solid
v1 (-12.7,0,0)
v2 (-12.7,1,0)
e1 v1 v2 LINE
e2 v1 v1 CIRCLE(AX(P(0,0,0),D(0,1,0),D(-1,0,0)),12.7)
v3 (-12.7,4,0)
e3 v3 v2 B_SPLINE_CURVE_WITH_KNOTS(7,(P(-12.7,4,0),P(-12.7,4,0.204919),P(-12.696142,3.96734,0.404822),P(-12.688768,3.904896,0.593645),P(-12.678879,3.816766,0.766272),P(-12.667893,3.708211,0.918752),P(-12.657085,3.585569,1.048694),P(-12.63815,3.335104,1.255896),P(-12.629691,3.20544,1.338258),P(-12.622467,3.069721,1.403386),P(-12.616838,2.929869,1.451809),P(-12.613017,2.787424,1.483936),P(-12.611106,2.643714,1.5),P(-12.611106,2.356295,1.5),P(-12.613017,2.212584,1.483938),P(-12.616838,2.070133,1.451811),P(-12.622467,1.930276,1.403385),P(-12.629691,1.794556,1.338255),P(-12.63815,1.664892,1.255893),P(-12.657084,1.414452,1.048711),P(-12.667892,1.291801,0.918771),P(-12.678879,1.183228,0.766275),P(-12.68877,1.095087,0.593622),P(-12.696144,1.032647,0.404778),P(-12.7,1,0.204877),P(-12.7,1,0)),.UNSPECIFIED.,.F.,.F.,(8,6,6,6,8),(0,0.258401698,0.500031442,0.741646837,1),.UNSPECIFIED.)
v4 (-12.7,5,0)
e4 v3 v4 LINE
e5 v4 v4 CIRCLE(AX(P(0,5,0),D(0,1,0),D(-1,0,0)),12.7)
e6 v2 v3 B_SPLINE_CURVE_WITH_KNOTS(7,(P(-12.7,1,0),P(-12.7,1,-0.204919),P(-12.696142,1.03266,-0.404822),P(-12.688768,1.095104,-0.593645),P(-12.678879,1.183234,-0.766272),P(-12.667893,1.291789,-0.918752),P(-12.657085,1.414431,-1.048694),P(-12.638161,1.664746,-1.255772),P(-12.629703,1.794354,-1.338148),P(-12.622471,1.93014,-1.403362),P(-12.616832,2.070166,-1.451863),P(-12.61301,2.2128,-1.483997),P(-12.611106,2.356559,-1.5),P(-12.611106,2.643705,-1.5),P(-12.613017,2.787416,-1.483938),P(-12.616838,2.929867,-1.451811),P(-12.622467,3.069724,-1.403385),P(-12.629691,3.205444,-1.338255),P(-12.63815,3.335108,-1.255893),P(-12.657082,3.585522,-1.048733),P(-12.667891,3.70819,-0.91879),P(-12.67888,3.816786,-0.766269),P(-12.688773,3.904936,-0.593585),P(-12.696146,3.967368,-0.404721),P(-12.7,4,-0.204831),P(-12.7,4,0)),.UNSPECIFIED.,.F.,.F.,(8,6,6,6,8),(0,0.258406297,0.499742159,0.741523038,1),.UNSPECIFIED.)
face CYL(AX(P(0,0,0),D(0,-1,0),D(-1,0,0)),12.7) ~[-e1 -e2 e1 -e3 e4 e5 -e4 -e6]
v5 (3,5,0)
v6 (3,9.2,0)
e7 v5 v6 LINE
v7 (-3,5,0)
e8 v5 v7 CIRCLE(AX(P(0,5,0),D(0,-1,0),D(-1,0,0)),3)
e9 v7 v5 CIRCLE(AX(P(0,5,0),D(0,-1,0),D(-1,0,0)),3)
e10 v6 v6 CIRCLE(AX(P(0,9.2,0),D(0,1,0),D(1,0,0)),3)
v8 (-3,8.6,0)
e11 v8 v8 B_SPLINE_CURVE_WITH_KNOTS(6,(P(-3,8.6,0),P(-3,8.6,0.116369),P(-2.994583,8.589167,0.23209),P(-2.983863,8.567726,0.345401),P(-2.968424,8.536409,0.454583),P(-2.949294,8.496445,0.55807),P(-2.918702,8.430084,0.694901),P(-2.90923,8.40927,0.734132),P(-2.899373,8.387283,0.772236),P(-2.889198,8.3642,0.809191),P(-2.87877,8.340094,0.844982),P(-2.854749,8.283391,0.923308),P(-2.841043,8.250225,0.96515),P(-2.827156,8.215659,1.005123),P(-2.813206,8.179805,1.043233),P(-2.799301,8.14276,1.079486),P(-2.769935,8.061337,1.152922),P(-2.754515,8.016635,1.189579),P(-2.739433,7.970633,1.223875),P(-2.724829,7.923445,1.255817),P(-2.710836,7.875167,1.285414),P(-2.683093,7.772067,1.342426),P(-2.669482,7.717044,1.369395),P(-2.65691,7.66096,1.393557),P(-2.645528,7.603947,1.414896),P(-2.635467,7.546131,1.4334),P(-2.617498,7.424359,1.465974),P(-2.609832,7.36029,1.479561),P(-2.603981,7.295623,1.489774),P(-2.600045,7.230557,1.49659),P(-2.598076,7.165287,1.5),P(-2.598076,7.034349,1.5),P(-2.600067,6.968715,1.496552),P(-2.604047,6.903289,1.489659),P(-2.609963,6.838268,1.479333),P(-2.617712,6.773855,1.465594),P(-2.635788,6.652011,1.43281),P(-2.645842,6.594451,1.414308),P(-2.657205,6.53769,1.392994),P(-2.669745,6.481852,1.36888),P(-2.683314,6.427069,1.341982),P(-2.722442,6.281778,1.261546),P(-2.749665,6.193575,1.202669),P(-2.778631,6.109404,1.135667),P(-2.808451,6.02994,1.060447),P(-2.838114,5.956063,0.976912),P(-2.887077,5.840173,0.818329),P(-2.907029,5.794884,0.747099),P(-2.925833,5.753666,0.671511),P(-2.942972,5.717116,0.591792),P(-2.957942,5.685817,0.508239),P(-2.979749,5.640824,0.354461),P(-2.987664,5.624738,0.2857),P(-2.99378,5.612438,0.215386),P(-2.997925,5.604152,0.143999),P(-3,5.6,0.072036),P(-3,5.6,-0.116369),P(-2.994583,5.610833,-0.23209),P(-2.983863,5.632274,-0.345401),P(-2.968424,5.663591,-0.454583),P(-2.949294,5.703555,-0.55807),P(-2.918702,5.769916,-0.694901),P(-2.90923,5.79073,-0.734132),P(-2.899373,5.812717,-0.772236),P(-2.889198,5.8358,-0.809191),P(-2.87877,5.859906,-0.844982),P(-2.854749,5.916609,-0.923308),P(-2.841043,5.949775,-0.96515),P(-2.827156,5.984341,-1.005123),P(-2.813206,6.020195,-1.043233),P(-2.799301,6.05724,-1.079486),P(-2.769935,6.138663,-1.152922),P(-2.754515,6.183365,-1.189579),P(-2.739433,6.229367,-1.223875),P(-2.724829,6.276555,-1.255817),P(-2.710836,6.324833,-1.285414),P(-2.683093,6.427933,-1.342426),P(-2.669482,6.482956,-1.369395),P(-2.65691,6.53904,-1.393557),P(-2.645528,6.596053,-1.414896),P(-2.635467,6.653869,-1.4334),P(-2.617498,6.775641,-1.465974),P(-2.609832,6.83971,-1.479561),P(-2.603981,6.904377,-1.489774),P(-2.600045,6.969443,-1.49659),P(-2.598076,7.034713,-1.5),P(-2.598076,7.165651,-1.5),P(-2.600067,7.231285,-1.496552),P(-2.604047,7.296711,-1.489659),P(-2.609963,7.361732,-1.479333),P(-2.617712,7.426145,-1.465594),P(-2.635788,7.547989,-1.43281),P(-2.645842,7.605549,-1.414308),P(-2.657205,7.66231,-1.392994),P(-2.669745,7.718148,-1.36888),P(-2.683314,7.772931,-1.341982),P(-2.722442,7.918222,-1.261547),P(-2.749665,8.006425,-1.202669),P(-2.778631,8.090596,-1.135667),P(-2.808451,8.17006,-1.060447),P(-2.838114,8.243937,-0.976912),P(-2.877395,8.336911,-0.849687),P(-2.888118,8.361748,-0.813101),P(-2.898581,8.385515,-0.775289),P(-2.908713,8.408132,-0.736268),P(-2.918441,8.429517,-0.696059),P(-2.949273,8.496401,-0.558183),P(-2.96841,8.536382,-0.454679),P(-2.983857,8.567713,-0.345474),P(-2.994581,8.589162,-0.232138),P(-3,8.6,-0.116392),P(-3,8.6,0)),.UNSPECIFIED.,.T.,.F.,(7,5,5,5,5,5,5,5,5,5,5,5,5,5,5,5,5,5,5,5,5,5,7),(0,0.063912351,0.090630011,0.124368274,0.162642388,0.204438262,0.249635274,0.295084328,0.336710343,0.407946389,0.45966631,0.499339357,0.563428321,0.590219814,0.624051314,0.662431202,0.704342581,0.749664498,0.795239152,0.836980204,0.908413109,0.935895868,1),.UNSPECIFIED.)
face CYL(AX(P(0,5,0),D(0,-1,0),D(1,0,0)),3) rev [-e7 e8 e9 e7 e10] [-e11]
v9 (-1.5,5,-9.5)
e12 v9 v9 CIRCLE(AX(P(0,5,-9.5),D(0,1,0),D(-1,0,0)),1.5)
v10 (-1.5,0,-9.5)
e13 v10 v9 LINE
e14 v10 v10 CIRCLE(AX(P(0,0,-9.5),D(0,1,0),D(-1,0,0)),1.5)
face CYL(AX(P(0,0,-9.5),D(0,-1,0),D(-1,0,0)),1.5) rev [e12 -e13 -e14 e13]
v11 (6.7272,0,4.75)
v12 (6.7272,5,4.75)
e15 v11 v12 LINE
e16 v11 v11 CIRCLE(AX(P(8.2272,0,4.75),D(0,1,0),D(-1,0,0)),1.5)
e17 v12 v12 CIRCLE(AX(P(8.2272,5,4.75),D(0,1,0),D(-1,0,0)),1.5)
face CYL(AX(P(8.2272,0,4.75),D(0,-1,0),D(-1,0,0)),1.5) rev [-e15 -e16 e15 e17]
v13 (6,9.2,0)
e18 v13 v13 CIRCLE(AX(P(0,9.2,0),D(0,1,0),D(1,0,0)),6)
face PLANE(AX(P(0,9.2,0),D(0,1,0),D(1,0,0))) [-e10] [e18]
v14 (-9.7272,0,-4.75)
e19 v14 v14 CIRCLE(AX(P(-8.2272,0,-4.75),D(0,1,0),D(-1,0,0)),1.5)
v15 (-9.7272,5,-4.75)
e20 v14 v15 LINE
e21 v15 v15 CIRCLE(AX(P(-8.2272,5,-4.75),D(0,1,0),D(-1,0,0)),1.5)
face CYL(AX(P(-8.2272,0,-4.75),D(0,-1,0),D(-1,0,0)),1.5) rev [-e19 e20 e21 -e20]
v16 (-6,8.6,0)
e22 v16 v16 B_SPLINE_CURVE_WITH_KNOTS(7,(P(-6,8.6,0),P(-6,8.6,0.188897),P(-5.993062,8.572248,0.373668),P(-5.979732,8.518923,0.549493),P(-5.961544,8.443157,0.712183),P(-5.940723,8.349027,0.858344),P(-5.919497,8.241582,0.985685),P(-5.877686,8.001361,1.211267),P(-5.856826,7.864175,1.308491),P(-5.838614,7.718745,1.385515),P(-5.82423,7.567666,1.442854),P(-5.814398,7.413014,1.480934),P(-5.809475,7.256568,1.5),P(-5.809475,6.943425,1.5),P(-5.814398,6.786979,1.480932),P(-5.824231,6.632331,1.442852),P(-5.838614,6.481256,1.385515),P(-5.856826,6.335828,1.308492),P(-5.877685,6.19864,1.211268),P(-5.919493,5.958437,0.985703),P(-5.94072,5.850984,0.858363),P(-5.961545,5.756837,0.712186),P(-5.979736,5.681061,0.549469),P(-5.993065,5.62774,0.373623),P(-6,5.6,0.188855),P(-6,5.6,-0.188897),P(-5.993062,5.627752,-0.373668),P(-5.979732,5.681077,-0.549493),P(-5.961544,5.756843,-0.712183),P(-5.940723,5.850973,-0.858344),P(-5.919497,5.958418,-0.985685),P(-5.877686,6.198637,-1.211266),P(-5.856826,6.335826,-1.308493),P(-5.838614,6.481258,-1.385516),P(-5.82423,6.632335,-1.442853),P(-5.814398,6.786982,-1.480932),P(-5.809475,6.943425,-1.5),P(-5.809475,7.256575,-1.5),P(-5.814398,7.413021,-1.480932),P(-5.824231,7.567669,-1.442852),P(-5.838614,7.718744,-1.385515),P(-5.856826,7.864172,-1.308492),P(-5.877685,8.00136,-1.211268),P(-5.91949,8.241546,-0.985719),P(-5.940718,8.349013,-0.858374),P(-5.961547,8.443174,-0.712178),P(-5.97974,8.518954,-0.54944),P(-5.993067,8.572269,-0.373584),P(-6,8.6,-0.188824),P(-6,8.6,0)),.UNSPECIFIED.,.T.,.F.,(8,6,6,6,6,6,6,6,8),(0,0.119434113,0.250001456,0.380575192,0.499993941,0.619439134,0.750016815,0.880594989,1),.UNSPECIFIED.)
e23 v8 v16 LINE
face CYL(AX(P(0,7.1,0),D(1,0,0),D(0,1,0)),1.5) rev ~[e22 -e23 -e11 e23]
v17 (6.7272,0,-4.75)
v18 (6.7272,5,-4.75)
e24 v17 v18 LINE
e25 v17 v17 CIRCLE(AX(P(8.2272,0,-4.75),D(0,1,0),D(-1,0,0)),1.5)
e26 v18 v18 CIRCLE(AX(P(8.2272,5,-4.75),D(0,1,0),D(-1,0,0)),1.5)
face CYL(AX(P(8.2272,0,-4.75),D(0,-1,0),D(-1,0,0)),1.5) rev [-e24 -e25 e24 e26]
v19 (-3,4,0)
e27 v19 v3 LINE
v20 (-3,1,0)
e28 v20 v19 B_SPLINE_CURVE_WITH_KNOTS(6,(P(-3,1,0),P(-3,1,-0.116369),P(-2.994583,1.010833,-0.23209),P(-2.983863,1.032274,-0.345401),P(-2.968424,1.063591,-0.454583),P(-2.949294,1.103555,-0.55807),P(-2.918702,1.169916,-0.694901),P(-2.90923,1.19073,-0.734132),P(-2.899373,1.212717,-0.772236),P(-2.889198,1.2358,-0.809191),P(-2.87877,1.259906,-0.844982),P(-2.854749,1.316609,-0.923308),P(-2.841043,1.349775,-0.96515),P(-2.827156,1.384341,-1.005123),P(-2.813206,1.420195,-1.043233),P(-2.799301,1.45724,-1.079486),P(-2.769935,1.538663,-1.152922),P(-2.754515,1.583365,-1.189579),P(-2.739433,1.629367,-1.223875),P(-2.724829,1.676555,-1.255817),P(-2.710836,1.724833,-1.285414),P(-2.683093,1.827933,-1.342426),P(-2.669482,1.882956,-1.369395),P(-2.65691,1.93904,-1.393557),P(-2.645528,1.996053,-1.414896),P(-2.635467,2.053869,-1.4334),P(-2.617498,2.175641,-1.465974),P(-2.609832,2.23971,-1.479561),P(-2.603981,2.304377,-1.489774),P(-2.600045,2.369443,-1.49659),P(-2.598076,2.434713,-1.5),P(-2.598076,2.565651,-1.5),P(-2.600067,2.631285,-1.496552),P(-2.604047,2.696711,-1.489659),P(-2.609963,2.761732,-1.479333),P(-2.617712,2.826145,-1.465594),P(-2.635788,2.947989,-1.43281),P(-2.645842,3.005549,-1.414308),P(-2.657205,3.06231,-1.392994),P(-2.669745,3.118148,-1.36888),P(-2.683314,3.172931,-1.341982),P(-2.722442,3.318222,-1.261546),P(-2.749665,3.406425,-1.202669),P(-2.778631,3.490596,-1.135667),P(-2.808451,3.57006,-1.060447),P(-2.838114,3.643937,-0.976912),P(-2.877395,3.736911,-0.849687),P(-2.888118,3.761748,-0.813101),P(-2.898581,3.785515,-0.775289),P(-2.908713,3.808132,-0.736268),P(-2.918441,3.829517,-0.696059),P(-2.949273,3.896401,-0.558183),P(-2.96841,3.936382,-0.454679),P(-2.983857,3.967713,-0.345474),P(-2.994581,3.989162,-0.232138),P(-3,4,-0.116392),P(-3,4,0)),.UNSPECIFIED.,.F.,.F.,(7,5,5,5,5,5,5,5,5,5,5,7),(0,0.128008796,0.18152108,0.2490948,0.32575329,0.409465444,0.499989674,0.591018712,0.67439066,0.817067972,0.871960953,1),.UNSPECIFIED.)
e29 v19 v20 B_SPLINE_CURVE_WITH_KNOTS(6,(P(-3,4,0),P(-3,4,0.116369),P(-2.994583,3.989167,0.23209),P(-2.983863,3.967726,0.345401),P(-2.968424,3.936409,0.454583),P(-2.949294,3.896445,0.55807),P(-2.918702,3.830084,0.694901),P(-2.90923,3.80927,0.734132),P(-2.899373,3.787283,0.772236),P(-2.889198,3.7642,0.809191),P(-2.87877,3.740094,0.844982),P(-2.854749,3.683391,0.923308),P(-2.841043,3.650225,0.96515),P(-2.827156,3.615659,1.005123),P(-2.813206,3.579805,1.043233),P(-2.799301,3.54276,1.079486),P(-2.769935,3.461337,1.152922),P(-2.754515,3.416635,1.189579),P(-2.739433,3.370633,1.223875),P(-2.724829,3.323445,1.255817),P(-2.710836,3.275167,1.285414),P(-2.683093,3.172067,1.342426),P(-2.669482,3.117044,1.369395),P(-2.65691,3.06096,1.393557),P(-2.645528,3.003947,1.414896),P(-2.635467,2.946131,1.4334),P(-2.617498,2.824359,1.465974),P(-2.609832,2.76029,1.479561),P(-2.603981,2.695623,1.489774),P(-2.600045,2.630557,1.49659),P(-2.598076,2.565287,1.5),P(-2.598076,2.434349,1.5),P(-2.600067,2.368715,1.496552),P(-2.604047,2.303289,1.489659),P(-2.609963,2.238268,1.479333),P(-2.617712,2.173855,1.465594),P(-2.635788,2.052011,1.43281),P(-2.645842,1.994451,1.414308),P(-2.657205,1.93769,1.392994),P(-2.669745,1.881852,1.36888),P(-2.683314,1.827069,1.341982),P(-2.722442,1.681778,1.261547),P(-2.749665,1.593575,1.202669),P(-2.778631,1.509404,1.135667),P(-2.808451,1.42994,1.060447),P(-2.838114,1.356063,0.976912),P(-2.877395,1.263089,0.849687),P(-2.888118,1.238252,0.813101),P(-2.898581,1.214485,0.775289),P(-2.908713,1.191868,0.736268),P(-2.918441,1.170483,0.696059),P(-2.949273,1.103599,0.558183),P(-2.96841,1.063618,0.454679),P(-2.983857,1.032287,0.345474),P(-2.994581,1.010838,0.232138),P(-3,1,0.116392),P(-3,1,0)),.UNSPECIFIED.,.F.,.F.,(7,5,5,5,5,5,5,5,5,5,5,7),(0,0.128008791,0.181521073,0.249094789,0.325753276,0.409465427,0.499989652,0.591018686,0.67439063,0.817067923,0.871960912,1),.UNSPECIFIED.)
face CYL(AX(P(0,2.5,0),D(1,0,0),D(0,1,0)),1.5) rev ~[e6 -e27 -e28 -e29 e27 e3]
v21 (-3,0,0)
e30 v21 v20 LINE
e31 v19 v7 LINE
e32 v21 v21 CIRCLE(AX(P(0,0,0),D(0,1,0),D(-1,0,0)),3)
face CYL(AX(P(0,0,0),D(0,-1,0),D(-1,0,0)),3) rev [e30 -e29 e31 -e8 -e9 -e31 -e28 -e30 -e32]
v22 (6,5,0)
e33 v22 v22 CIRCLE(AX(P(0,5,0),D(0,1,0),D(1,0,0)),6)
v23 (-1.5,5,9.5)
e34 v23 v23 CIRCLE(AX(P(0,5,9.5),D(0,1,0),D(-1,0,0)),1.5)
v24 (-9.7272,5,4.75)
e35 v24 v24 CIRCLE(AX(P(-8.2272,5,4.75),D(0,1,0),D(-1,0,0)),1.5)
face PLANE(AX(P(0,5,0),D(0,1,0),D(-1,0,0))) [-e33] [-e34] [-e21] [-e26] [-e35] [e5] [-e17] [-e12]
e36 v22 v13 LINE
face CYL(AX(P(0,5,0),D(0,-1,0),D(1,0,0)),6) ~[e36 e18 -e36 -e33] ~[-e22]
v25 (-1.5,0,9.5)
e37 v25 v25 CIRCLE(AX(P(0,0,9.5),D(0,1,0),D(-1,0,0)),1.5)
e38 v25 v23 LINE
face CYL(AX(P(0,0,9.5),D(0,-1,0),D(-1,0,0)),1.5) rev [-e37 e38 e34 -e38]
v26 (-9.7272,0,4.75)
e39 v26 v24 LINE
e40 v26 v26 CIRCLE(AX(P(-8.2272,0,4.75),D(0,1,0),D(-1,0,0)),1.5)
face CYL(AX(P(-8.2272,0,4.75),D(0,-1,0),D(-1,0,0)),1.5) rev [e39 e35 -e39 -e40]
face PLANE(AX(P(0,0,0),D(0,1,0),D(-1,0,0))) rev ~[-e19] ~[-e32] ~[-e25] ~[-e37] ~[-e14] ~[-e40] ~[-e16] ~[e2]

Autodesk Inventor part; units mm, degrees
ref_plane "YZ Plane" through (0, 0, 0) normal (1, 0, 0) x (0, 1, 0)
ref_plane "XZ Plane" through (0, 0, 0) normal (0, 1, 0) x (-1, 0, 0)
ref_plane "XY Plane" through (0, 0, 0) normal (0, 0, 1) x (1, 0, 0)
sketch "Sketch1" plane through (0, 0, 0) normal (0, 1, 0) x (-1, 0, 0)
  circle A0 centre (0, 0) radius 12.7
  circle A1 centre (8.2272, -4.75) radius 1.5
  circle A2 centre (8.2272, 4.75) radius 1.5
  circle A3 centre (0, 9.5) radius 1.5
  circle A4 centre (-8.2272, 4.75) radius 1.5
  circle A5 centre (-8.2272, -4.75) radius 1.5
  circle A6 centre (0, -9.5) radius 1.5
  dimension "d0" = 25.4
  dimension "d1" = 3
  dimension "d3" = 9.5
  dimension "d6" = 360
  dimension "d20" = 0
extrude "Extrusion1" add sketch "Sketch1" along normal blind 5
sketch "Sketch2" plane through (0, 0, 0) normal (0, 1, 0) x (-1, 0, 0)
  circle A0 centre (0, 0) radius 3
  dimension "d10" = 6
extrude "Extrusion2" cut sketch "Sketch2" along normal through all
sketch "Sketch3" plane through (0, 5, 0) normal (0, 1, 0) x (1, 0, 0)
  circle A0 centre (0, 0) radius 3
  circle A1 centre (0, 0) radius 6
  dimension "d13" = 12
extrude "Extrusion3" add sketch "Sketch3" along normal blind 4.2
sketch "Sketch5" plane through (0, 0, 0) normal (1, 0, 0) x (0, 1, 0)
  circle A0 centre (2.5, 0) radius 1.5
  point P0 (0, 0)
  dimension "d21" = 3
  dimension "d22" = 2.5
  dimension "d23" = 0
extrude "Extrusion4" cut sketch "Sketch5" against normal through all
sketch "Sketch6" plane through (0, 0, 0) normal (1, 0, 0) x (0, 1, 0)
  circle A0 centre (7.1, 0) radius 1.5
  point P0 (0, 0)
  dimension "d26" = 3
  dimension "d27" = 7.1
  dimension "d28" = 0
extrude "Extrusion5" cut sketch "Sketch6" against normal through all
properties part number "motor_axle_mounting_hub_6_mm" material "Aluminum 6061"
